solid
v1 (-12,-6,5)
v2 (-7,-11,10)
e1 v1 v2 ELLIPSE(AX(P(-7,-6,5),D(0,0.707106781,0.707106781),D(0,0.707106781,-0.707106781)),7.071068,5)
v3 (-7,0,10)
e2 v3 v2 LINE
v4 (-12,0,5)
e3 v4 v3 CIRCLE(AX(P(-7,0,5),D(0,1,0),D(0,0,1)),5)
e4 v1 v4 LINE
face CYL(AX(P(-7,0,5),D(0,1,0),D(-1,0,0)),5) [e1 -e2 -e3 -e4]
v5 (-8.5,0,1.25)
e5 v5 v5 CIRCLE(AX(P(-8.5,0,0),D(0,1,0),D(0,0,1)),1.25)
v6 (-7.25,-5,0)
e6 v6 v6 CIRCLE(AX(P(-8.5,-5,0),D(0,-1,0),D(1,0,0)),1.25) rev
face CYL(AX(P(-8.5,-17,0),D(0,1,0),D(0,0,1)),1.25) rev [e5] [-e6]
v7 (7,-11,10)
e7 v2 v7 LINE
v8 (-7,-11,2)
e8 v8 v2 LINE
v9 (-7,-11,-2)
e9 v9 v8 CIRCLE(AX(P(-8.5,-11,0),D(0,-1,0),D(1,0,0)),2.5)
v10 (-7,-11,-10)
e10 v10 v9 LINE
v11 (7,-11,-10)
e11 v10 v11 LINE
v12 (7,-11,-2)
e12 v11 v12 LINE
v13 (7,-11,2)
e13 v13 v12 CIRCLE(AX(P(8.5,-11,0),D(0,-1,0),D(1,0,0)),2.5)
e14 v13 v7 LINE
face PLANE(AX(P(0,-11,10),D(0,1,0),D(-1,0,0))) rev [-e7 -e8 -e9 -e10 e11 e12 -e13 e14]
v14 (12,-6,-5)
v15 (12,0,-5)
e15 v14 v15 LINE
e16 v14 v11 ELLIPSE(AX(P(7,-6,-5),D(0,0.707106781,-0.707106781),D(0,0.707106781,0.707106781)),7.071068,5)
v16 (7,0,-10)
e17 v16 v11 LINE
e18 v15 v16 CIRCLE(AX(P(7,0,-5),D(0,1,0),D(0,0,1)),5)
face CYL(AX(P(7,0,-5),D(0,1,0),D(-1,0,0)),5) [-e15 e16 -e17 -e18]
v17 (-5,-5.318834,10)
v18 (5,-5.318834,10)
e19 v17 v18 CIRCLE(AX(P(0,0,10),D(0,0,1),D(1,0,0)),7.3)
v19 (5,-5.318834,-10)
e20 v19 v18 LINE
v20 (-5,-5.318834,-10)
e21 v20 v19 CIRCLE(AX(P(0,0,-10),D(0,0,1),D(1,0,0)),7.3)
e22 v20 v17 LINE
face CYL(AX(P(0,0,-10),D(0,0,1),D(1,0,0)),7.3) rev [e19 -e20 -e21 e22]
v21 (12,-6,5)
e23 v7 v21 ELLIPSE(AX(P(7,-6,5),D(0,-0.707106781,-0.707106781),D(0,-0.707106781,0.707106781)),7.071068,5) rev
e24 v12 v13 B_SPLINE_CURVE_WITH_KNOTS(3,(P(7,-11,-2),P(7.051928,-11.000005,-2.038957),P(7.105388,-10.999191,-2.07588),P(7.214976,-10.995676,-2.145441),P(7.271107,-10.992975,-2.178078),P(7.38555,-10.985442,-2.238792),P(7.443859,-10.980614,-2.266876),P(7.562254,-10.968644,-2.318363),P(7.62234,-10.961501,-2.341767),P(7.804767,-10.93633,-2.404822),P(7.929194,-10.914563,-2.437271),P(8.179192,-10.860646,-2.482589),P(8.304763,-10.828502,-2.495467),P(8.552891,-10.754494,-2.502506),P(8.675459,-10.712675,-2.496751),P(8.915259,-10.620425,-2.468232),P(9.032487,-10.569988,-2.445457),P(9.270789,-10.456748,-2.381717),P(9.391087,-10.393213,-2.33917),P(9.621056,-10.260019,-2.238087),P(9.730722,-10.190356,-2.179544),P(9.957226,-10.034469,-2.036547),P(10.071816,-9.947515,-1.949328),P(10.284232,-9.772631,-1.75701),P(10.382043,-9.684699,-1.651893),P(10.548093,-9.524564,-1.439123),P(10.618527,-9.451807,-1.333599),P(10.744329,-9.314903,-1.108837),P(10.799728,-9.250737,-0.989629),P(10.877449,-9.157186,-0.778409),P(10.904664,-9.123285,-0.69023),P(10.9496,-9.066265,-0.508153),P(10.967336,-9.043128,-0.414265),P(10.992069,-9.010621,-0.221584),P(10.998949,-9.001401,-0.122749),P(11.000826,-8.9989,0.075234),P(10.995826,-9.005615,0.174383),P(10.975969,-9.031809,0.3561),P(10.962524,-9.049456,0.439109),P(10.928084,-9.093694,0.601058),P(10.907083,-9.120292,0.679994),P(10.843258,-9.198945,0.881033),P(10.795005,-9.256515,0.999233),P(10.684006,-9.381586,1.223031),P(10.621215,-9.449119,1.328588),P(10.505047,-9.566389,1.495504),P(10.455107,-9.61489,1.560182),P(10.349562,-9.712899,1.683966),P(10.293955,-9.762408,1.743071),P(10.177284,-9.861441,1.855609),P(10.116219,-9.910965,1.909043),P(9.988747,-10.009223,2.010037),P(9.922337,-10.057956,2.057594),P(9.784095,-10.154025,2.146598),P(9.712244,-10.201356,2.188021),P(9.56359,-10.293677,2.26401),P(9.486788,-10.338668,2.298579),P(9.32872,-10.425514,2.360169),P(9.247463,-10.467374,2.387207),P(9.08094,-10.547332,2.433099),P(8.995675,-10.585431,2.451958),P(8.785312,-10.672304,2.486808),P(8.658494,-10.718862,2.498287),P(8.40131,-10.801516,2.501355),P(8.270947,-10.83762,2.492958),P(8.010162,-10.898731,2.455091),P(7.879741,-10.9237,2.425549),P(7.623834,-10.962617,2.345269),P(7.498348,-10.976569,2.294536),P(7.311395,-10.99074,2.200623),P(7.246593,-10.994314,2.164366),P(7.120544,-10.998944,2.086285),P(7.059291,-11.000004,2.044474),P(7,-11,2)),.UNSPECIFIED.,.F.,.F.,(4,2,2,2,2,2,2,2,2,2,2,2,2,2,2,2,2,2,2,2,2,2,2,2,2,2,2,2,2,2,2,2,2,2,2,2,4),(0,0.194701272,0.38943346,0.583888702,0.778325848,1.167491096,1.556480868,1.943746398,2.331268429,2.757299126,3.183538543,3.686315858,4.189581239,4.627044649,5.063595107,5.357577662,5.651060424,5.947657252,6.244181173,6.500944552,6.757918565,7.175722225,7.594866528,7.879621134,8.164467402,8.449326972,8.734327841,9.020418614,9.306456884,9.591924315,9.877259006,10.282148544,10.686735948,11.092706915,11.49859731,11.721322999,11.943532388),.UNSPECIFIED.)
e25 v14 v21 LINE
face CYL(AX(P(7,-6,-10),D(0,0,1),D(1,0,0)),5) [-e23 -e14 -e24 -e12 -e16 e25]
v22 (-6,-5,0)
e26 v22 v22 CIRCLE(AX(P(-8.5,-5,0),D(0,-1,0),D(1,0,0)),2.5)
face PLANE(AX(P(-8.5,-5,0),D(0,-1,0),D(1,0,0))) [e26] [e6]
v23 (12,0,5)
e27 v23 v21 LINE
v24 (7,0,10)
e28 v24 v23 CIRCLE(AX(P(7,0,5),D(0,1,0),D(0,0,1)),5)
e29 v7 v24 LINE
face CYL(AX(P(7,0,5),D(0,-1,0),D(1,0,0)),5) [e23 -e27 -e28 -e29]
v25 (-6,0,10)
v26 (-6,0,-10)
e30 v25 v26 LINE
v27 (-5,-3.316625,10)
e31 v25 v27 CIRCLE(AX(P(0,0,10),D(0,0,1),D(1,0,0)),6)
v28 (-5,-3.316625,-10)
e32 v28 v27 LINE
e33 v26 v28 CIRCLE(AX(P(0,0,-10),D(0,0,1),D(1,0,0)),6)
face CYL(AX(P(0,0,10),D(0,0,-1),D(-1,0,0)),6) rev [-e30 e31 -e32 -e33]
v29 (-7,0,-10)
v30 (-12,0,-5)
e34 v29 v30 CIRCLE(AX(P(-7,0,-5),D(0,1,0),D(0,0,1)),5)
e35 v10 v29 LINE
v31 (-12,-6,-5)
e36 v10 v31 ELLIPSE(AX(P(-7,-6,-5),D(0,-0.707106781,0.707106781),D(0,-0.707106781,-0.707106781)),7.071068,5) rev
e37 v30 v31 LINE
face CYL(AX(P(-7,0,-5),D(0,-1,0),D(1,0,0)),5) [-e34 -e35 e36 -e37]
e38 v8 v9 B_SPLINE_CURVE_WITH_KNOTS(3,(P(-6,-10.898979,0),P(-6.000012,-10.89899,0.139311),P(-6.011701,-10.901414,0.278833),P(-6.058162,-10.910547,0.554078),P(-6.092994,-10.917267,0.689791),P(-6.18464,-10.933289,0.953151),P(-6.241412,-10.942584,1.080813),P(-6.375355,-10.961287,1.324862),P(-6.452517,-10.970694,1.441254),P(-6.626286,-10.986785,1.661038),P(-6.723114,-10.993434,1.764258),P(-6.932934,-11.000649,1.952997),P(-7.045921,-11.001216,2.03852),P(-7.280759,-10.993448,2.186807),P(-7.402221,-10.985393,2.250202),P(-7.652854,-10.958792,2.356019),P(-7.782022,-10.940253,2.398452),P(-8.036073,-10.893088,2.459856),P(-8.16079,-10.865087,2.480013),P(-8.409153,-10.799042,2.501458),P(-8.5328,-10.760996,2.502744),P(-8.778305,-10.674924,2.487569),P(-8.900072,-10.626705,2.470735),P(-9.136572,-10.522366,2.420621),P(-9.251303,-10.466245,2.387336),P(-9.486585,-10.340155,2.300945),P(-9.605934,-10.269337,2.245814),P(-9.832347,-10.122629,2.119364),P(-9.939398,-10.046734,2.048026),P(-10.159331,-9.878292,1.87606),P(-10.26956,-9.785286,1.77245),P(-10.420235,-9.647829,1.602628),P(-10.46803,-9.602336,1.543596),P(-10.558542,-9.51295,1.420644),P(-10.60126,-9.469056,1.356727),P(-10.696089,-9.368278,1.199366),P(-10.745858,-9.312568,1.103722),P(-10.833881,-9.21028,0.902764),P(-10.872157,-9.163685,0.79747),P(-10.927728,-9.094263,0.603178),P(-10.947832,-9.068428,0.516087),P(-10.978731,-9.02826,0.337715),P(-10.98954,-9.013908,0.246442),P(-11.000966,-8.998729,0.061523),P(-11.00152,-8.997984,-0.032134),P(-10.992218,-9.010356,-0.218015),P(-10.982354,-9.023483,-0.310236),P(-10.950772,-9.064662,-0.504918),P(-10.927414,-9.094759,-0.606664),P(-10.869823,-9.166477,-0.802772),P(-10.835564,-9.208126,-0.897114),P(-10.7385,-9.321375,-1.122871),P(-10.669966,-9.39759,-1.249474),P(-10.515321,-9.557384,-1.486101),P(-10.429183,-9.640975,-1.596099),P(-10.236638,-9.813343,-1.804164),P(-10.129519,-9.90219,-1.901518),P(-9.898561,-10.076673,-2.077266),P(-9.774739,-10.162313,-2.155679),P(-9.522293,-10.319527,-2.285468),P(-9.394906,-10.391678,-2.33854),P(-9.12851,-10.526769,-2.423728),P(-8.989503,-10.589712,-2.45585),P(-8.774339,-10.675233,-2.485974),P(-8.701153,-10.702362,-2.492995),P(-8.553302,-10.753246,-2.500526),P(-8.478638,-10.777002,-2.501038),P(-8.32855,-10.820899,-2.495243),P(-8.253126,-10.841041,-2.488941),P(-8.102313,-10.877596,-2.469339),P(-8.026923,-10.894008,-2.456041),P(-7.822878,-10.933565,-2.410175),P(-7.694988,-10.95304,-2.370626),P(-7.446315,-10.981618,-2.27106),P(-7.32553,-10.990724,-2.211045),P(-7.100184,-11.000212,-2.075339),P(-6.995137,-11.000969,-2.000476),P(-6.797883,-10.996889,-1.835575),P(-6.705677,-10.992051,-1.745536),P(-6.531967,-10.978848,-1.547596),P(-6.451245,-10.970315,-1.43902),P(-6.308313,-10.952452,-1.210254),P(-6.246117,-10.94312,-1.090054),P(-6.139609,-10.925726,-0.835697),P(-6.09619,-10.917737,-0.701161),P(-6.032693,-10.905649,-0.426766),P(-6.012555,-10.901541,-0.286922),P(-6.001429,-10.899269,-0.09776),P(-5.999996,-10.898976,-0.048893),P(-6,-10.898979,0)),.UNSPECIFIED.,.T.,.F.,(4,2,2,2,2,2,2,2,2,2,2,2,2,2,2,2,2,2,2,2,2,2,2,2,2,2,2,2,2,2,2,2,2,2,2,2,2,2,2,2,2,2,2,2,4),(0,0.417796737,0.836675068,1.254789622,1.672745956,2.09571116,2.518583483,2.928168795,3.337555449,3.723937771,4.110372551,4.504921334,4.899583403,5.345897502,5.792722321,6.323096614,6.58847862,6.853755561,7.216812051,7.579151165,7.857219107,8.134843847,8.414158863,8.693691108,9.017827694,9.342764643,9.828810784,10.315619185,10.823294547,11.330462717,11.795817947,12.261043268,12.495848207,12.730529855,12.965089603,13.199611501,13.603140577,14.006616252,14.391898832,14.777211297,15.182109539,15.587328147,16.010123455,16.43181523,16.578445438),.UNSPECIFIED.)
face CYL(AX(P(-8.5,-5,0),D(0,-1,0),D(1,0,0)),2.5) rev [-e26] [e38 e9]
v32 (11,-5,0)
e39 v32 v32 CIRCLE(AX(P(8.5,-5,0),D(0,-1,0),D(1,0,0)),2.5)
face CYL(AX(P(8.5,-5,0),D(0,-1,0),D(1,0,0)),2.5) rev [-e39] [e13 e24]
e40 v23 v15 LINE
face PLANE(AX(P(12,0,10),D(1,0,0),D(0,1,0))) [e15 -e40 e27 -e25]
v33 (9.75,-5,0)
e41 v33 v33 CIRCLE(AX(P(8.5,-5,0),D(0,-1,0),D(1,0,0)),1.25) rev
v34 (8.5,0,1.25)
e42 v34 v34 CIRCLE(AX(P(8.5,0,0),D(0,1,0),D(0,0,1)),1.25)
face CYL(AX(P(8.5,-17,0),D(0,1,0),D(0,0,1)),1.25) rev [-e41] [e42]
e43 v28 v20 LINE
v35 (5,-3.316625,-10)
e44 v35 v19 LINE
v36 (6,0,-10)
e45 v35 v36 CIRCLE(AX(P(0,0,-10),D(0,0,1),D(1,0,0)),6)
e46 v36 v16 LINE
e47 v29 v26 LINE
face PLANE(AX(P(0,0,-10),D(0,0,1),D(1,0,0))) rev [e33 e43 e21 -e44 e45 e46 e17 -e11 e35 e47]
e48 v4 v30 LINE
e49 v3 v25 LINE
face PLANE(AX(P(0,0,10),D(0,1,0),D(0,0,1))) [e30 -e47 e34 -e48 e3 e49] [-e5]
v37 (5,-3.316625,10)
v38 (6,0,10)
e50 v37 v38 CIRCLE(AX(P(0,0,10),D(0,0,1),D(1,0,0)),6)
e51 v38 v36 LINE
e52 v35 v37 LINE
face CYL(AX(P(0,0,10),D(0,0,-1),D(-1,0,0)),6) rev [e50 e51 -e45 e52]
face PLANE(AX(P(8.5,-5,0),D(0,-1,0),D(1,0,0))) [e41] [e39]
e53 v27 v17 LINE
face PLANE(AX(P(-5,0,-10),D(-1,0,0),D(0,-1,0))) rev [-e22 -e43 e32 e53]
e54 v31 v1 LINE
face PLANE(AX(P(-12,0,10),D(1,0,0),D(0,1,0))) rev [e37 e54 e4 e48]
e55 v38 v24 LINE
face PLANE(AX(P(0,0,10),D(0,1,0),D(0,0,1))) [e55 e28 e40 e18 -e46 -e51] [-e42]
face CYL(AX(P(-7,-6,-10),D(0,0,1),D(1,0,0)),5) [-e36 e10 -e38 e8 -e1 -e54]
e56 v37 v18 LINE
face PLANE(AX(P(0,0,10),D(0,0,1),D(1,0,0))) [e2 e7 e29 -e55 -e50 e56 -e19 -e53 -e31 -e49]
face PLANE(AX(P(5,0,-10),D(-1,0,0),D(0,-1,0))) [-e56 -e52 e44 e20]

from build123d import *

# Parameters (mm, degrees)
BOSS_EXTRUDE1_DEPTH     = 10
SKETCH2_W               = 10
SKETCH2_H               = 5.318834459
CUT_EXTRUDE1_DEPTH      = 11
CUT_EXTRUDE1_DEPTH_BACK = 11
SKETCH3_R               = 1.25
CUT_EXTRUDE2_DEPTH      = 17
FILLET1_R               = 5
CUT_EXTRUDE3_DEPTH      = 11
CUT_EXTRUDE3_DEPTH_BACK = 11
SKETCH5_R               = 2.5
CUT_EXTRUDE4_DEPTH      = 6


with BuildPart() as part:
    # Sketch1 → Boss-Extrude1 (new body, symmetric)
    with BuildSketch(Plane.XY):
        with BuildLine():
            Line((12, 0), (6, 0))
            ThreePointArc((6, 0), (0, -6), (-6, 0))
            Line((-6, 0), (-12, 0))
            Line((-12, 0), (-12, -11))
            Line((-12, -11), (12, -11))
            Line((12, -11), (12, 0))
        make_face()
    extrude(amount=BOSS_EXTRUDE1_DEPTH, both=True)

    # Sketch2 → Cut-Extrude1 (cut, two sides)
    with BuildSketch(Plane.XY) as cut_extrude1_sk:
        with BuildLine():
            Line((5, -5.318834459), (-5, -5.318834459))
            ThreePointArc((-5, -5.318834459), (0, -7.3), (5, -5.318834459))
        make_face()
        with Locations((0, -2.65941723)):
            Rectangle(SKETCH2_W, SKETCH2_H)
    extrude(amount=CUT_EXTRUDE1_DEPTH, mode=Mode.SUBTRACT)
    extrude(cut_extrude1_sk.sketch, amount=-CUT_EXTRUDE1_DEPTH_BACK, mode=Mode.SUBTRACT)

    # Sketch3 → Cut-Extrude2 (cut)
    with BuildSketch(Plane(origin=(0, 0, 0), x_dir=(1, 0, 0), z_dir=(0, 1, 0))):
        with Locations((-8.5, 0)):
            Circle(SKETCH3_R)
        with Locations((8.5, 0)):
            Circle(SKETCH3_R)
    extrude(amount=-CUT_EXTRUDE2_DEPTH, mode=Mode.SUBTRACT)

    # Fillet1
    fillet1_edges = [part.edges().sort_by_distance(p)[0] for p in [
        (12, -5.5, 10),
        (-12, -5.5, 10),
        (-12, -5.5, -10),
        (12, -5.5, -10),
    ]]
    fillet(fillet1_edges, radius=FILLET1_R)

    # Sketch4 → Cut-Extrude3 (cut, two sides)
    with BuildSketch(Plane.XY) as cut_extrude3_sk:
        with BuildLine():
            ThreePointArc((7, -11), (10.535533906, -9.535533906), (12, -6))
            Line((12, -6), (12, -11))
            Line((12, -11), (7, -11))
        make_face()
        with BuildLine():
            ThreePointArc((-12, -6), (-10.535533906, -9.535533906), (-7, -11))
            Line((-7, -11), (-12, -11))
            Line((-12, -11), (-12, -6))
        make_face()
    extrude(amount=CUT_EXTRUDE3_DEPTH, mode=Mode.SUBTRACT)
    extrude(cut_extrude3_sk.sketch, amount=-CUT_EXTRUDE3_DEPTH_BACK, mode=Mode.SUBTRACT)

    # Sketch5 → Cut-Extrude4 (cut)
    with BuildSketch(Plane.XZ.offset(11)):
        with Locations((-8.5, 0)):
            Circle(SKETCH5_R)
        with Locations((8.5, 0)):
            Circle(SKETCH5_R)
    extrude(amount=-CUT_EXTRUDE4_DEPTH, mode=Mode.SUBTRACT)


solid = part.part
